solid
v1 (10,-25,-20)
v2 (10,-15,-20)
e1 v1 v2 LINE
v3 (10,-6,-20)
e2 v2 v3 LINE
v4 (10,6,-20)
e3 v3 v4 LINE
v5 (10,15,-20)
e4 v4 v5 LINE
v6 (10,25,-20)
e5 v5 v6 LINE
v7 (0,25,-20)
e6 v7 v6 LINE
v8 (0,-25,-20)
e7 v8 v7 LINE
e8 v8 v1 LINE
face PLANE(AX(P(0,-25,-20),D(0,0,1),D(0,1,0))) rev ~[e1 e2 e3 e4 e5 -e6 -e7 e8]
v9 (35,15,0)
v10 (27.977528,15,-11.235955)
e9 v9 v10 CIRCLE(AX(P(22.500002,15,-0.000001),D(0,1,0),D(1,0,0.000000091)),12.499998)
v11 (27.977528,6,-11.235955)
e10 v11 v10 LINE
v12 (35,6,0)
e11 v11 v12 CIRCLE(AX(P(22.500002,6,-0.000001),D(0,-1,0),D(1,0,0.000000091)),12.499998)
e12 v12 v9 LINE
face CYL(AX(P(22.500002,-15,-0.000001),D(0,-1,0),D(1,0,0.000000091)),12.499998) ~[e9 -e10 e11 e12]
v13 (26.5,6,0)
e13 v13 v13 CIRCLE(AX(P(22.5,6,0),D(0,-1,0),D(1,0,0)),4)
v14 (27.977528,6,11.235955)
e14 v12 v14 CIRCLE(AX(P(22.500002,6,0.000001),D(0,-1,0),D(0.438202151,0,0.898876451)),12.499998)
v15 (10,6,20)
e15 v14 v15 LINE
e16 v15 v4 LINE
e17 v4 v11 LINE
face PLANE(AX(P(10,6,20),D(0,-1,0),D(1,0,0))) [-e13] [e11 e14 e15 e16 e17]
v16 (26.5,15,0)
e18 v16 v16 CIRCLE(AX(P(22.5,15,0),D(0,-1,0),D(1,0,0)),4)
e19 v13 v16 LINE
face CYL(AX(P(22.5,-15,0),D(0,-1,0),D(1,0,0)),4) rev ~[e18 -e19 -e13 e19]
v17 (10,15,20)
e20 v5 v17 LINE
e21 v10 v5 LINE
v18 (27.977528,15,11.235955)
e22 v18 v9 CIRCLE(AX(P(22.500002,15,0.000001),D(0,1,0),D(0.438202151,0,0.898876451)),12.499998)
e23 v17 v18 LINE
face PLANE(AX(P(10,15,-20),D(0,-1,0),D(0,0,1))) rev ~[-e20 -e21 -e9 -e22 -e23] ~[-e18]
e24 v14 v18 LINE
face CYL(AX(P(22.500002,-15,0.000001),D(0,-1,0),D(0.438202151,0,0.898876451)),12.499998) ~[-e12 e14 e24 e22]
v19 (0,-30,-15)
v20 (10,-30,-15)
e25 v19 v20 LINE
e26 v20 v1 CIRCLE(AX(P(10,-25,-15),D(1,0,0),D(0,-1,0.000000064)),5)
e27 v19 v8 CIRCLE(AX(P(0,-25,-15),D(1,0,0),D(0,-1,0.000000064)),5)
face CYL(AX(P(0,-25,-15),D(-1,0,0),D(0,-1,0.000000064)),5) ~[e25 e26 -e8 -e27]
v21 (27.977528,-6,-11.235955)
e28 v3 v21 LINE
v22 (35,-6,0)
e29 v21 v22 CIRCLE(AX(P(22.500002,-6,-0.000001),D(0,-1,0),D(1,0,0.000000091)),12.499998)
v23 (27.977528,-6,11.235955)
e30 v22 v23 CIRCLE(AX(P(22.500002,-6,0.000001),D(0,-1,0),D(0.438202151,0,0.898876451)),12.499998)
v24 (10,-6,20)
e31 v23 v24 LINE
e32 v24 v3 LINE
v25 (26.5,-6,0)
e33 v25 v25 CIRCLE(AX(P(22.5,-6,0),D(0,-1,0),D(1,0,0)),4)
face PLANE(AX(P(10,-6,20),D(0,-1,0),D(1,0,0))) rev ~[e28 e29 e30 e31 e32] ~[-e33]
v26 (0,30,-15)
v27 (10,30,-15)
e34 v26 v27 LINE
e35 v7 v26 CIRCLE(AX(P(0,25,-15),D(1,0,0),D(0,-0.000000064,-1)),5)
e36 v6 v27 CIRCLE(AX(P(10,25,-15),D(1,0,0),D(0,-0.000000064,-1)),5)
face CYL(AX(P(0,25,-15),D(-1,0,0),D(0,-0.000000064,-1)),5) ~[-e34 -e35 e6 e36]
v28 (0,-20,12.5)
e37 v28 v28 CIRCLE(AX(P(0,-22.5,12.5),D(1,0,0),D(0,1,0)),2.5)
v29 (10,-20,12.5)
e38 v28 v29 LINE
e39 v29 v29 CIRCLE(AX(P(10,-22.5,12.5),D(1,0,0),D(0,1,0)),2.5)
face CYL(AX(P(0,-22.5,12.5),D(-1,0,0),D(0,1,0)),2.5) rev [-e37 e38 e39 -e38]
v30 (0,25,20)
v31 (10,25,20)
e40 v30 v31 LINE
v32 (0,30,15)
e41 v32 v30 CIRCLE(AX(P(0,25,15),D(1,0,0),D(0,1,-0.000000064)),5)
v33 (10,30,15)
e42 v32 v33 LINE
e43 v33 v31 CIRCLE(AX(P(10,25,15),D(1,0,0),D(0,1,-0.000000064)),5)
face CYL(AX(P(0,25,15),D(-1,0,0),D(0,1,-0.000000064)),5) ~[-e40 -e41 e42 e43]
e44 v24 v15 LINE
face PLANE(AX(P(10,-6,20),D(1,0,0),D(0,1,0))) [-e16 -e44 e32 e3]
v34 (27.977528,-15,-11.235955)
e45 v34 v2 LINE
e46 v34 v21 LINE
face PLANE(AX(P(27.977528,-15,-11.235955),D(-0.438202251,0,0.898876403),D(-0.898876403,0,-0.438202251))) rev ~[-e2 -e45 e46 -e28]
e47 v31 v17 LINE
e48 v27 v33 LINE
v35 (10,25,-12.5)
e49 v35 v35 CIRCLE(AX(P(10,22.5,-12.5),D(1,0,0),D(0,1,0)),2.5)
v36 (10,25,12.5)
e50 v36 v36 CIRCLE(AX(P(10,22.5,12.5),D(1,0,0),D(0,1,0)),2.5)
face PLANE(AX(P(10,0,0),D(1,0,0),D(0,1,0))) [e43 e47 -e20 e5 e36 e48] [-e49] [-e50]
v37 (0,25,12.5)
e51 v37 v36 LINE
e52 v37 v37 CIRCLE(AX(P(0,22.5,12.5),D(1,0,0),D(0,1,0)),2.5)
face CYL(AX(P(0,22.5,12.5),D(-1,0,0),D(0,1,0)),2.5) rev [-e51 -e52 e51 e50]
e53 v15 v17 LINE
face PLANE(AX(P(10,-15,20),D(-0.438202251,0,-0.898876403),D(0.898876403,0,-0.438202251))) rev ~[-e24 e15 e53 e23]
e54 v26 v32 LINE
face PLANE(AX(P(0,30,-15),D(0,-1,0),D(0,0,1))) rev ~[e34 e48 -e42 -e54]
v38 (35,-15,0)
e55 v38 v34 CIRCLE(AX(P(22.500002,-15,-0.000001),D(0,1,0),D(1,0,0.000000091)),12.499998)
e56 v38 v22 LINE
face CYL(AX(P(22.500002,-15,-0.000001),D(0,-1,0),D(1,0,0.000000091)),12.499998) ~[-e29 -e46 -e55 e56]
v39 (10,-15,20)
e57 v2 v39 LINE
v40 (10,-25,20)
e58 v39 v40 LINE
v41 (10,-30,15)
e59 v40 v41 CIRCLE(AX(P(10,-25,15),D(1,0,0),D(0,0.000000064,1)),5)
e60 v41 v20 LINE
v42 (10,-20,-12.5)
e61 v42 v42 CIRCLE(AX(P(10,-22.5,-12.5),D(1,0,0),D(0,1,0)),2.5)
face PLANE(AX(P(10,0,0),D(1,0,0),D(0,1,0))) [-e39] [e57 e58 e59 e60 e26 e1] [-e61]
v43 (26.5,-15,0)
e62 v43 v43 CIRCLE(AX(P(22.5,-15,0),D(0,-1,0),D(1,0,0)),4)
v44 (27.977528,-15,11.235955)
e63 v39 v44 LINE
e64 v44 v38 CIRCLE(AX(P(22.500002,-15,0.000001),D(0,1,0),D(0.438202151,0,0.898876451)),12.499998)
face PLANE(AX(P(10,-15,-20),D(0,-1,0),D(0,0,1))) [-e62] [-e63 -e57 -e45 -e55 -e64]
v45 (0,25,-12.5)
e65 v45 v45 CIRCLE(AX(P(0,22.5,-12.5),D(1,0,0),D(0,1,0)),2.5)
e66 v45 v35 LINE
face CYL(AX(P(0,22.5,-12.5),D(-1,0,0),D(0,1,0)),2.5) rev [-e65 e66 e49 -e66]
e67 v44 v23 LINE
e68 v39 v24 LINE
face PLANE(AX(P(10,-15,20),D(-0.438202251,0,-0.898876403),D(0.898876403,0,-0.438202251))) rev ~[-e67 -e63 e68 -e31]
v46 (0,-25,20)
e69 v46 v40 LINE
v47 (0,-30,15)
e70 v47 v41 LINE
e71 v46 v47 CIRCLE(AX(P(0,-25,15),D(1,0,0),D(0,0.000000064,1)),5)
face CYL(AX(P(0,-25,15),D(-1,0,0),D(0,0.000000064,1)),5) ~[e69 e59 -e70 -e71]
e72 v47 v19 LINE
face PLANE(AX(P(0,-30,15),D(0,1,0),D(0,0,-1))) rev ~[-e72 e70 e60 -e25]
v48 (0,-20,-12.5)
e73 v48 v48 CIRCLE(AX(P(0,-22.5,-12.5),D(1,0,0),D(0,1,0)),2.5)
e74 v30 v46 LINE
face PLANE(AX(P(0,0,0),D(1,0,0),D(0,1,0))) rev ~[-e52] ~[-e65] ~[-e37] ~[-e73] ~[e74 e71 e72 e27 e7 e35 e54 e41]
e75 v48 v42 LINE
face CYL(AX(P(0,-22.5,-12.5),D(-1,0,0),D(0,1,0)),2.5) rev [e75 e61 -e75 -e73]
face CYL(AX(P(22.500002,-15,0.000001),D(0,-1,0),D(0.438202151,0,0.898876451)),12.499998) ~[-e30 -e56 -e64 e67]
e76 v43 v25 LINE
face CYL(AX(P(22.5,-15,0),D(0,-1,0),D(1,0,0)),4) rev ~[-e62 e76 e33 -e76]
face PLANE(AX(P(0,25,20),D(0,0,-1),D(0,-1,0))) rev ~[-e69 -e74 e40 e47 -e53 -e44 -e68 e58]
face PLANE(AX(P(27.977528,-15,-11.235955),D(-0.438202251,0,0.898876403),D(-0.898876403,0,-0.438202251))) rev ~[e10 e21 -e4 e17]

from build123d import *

# Parameters (mm, degrees)
F0_R     = 2.5
F1_DEPTH = 10
F2_W     = 30
F2_H     = 40
F3_DEPTH = 25
F4_R     = 4
F5_DEPTH = 30
F6_W     = 30
F6_H     = 12
F7_DEPTH = 40.001


with BuildPart() as f1:
    # F0 (on Right) → F1 (new body)
    with BuildSketch(Plane.YZ):
        with BuildLine():
            Line((25, 20), (-25, 20))
            ThreePointArc((-25, 20), (-28.535534, 18.535534), (-30, 15))
            Line((-30, 15), (-30, -15))
            ThreePointArc((-30, -15), (-28.535534, -18.535534), (-25, -20))
            Line((-25, -20), (25, -20))
            ThreePointArc((25, -20), (28.535534, -18.535534), (30, -15))
            Line((30, -15), (30, 15))
            ThreePointArc((30, 15), (28.535534, 18.535534), (25, 20))
        make_face()
        with Locations((-22.5, -12.5)):
            Circle(F0_R, mode=Mode.SUBTRACT)
        with Locations((22.5, -12.5)):
            Circle(F0_R, mode=Mode.SUBTRACT)
        with Locations((-22.5, 12.5)):
            Circle(F0_R, mode=Mode.SUBTRACT)
        with Locations((22.5, 12.5)):
            Circle(F0_R, mode=Mode.SUBTRACT)
    extrude(amount=F1_DEPTH)

    # F2 (on face) → F3 (join)
    with BuildSketch(Plane.YZ.offset(10)):
        Rectangle(F2_W, F2_H)
    extrude(amount=F3_DEPTH)

    # F4 (on face) → F5 (cut)
    with BuildSketch(Plane.XZ.offset(15)):
        with BuildLine():
            ThreePointArc((27.977528, 11.235955), (33.099979, 6.624987), (35, 0))
            Line((35, 0), (35, 20))
            Line((35, 20), (10, 20))
            Line((10, 20), (27.977528, 11.235955))
        make_face()
        with BuildLine():
            ThreePointArc((35, 0), (33.099979, -6.624987), (27.977528, -11.235955))
            Line((27.977528, -11.235955), (10, -20))
            Line((10, -20), (35, -20))
            Line((35, -20), (35, 0))
        make_face()
        with Locations((22.5, 0)):
            Circle(F4_R)
    extrude(amount=-F5_DEPTH, mode=Mode.SUBTRACT)

    # F6 (on face) → F7 (cut, through all)
    with BuildSketch(Plane.XY.offset(20)):
        with Locations((25, 0)):
            Rectangle(F6_W, F6_H)
    extrude(amount=-F7_DEPTH, mode=Mode.SUBTRACT)


solid = f1.part
